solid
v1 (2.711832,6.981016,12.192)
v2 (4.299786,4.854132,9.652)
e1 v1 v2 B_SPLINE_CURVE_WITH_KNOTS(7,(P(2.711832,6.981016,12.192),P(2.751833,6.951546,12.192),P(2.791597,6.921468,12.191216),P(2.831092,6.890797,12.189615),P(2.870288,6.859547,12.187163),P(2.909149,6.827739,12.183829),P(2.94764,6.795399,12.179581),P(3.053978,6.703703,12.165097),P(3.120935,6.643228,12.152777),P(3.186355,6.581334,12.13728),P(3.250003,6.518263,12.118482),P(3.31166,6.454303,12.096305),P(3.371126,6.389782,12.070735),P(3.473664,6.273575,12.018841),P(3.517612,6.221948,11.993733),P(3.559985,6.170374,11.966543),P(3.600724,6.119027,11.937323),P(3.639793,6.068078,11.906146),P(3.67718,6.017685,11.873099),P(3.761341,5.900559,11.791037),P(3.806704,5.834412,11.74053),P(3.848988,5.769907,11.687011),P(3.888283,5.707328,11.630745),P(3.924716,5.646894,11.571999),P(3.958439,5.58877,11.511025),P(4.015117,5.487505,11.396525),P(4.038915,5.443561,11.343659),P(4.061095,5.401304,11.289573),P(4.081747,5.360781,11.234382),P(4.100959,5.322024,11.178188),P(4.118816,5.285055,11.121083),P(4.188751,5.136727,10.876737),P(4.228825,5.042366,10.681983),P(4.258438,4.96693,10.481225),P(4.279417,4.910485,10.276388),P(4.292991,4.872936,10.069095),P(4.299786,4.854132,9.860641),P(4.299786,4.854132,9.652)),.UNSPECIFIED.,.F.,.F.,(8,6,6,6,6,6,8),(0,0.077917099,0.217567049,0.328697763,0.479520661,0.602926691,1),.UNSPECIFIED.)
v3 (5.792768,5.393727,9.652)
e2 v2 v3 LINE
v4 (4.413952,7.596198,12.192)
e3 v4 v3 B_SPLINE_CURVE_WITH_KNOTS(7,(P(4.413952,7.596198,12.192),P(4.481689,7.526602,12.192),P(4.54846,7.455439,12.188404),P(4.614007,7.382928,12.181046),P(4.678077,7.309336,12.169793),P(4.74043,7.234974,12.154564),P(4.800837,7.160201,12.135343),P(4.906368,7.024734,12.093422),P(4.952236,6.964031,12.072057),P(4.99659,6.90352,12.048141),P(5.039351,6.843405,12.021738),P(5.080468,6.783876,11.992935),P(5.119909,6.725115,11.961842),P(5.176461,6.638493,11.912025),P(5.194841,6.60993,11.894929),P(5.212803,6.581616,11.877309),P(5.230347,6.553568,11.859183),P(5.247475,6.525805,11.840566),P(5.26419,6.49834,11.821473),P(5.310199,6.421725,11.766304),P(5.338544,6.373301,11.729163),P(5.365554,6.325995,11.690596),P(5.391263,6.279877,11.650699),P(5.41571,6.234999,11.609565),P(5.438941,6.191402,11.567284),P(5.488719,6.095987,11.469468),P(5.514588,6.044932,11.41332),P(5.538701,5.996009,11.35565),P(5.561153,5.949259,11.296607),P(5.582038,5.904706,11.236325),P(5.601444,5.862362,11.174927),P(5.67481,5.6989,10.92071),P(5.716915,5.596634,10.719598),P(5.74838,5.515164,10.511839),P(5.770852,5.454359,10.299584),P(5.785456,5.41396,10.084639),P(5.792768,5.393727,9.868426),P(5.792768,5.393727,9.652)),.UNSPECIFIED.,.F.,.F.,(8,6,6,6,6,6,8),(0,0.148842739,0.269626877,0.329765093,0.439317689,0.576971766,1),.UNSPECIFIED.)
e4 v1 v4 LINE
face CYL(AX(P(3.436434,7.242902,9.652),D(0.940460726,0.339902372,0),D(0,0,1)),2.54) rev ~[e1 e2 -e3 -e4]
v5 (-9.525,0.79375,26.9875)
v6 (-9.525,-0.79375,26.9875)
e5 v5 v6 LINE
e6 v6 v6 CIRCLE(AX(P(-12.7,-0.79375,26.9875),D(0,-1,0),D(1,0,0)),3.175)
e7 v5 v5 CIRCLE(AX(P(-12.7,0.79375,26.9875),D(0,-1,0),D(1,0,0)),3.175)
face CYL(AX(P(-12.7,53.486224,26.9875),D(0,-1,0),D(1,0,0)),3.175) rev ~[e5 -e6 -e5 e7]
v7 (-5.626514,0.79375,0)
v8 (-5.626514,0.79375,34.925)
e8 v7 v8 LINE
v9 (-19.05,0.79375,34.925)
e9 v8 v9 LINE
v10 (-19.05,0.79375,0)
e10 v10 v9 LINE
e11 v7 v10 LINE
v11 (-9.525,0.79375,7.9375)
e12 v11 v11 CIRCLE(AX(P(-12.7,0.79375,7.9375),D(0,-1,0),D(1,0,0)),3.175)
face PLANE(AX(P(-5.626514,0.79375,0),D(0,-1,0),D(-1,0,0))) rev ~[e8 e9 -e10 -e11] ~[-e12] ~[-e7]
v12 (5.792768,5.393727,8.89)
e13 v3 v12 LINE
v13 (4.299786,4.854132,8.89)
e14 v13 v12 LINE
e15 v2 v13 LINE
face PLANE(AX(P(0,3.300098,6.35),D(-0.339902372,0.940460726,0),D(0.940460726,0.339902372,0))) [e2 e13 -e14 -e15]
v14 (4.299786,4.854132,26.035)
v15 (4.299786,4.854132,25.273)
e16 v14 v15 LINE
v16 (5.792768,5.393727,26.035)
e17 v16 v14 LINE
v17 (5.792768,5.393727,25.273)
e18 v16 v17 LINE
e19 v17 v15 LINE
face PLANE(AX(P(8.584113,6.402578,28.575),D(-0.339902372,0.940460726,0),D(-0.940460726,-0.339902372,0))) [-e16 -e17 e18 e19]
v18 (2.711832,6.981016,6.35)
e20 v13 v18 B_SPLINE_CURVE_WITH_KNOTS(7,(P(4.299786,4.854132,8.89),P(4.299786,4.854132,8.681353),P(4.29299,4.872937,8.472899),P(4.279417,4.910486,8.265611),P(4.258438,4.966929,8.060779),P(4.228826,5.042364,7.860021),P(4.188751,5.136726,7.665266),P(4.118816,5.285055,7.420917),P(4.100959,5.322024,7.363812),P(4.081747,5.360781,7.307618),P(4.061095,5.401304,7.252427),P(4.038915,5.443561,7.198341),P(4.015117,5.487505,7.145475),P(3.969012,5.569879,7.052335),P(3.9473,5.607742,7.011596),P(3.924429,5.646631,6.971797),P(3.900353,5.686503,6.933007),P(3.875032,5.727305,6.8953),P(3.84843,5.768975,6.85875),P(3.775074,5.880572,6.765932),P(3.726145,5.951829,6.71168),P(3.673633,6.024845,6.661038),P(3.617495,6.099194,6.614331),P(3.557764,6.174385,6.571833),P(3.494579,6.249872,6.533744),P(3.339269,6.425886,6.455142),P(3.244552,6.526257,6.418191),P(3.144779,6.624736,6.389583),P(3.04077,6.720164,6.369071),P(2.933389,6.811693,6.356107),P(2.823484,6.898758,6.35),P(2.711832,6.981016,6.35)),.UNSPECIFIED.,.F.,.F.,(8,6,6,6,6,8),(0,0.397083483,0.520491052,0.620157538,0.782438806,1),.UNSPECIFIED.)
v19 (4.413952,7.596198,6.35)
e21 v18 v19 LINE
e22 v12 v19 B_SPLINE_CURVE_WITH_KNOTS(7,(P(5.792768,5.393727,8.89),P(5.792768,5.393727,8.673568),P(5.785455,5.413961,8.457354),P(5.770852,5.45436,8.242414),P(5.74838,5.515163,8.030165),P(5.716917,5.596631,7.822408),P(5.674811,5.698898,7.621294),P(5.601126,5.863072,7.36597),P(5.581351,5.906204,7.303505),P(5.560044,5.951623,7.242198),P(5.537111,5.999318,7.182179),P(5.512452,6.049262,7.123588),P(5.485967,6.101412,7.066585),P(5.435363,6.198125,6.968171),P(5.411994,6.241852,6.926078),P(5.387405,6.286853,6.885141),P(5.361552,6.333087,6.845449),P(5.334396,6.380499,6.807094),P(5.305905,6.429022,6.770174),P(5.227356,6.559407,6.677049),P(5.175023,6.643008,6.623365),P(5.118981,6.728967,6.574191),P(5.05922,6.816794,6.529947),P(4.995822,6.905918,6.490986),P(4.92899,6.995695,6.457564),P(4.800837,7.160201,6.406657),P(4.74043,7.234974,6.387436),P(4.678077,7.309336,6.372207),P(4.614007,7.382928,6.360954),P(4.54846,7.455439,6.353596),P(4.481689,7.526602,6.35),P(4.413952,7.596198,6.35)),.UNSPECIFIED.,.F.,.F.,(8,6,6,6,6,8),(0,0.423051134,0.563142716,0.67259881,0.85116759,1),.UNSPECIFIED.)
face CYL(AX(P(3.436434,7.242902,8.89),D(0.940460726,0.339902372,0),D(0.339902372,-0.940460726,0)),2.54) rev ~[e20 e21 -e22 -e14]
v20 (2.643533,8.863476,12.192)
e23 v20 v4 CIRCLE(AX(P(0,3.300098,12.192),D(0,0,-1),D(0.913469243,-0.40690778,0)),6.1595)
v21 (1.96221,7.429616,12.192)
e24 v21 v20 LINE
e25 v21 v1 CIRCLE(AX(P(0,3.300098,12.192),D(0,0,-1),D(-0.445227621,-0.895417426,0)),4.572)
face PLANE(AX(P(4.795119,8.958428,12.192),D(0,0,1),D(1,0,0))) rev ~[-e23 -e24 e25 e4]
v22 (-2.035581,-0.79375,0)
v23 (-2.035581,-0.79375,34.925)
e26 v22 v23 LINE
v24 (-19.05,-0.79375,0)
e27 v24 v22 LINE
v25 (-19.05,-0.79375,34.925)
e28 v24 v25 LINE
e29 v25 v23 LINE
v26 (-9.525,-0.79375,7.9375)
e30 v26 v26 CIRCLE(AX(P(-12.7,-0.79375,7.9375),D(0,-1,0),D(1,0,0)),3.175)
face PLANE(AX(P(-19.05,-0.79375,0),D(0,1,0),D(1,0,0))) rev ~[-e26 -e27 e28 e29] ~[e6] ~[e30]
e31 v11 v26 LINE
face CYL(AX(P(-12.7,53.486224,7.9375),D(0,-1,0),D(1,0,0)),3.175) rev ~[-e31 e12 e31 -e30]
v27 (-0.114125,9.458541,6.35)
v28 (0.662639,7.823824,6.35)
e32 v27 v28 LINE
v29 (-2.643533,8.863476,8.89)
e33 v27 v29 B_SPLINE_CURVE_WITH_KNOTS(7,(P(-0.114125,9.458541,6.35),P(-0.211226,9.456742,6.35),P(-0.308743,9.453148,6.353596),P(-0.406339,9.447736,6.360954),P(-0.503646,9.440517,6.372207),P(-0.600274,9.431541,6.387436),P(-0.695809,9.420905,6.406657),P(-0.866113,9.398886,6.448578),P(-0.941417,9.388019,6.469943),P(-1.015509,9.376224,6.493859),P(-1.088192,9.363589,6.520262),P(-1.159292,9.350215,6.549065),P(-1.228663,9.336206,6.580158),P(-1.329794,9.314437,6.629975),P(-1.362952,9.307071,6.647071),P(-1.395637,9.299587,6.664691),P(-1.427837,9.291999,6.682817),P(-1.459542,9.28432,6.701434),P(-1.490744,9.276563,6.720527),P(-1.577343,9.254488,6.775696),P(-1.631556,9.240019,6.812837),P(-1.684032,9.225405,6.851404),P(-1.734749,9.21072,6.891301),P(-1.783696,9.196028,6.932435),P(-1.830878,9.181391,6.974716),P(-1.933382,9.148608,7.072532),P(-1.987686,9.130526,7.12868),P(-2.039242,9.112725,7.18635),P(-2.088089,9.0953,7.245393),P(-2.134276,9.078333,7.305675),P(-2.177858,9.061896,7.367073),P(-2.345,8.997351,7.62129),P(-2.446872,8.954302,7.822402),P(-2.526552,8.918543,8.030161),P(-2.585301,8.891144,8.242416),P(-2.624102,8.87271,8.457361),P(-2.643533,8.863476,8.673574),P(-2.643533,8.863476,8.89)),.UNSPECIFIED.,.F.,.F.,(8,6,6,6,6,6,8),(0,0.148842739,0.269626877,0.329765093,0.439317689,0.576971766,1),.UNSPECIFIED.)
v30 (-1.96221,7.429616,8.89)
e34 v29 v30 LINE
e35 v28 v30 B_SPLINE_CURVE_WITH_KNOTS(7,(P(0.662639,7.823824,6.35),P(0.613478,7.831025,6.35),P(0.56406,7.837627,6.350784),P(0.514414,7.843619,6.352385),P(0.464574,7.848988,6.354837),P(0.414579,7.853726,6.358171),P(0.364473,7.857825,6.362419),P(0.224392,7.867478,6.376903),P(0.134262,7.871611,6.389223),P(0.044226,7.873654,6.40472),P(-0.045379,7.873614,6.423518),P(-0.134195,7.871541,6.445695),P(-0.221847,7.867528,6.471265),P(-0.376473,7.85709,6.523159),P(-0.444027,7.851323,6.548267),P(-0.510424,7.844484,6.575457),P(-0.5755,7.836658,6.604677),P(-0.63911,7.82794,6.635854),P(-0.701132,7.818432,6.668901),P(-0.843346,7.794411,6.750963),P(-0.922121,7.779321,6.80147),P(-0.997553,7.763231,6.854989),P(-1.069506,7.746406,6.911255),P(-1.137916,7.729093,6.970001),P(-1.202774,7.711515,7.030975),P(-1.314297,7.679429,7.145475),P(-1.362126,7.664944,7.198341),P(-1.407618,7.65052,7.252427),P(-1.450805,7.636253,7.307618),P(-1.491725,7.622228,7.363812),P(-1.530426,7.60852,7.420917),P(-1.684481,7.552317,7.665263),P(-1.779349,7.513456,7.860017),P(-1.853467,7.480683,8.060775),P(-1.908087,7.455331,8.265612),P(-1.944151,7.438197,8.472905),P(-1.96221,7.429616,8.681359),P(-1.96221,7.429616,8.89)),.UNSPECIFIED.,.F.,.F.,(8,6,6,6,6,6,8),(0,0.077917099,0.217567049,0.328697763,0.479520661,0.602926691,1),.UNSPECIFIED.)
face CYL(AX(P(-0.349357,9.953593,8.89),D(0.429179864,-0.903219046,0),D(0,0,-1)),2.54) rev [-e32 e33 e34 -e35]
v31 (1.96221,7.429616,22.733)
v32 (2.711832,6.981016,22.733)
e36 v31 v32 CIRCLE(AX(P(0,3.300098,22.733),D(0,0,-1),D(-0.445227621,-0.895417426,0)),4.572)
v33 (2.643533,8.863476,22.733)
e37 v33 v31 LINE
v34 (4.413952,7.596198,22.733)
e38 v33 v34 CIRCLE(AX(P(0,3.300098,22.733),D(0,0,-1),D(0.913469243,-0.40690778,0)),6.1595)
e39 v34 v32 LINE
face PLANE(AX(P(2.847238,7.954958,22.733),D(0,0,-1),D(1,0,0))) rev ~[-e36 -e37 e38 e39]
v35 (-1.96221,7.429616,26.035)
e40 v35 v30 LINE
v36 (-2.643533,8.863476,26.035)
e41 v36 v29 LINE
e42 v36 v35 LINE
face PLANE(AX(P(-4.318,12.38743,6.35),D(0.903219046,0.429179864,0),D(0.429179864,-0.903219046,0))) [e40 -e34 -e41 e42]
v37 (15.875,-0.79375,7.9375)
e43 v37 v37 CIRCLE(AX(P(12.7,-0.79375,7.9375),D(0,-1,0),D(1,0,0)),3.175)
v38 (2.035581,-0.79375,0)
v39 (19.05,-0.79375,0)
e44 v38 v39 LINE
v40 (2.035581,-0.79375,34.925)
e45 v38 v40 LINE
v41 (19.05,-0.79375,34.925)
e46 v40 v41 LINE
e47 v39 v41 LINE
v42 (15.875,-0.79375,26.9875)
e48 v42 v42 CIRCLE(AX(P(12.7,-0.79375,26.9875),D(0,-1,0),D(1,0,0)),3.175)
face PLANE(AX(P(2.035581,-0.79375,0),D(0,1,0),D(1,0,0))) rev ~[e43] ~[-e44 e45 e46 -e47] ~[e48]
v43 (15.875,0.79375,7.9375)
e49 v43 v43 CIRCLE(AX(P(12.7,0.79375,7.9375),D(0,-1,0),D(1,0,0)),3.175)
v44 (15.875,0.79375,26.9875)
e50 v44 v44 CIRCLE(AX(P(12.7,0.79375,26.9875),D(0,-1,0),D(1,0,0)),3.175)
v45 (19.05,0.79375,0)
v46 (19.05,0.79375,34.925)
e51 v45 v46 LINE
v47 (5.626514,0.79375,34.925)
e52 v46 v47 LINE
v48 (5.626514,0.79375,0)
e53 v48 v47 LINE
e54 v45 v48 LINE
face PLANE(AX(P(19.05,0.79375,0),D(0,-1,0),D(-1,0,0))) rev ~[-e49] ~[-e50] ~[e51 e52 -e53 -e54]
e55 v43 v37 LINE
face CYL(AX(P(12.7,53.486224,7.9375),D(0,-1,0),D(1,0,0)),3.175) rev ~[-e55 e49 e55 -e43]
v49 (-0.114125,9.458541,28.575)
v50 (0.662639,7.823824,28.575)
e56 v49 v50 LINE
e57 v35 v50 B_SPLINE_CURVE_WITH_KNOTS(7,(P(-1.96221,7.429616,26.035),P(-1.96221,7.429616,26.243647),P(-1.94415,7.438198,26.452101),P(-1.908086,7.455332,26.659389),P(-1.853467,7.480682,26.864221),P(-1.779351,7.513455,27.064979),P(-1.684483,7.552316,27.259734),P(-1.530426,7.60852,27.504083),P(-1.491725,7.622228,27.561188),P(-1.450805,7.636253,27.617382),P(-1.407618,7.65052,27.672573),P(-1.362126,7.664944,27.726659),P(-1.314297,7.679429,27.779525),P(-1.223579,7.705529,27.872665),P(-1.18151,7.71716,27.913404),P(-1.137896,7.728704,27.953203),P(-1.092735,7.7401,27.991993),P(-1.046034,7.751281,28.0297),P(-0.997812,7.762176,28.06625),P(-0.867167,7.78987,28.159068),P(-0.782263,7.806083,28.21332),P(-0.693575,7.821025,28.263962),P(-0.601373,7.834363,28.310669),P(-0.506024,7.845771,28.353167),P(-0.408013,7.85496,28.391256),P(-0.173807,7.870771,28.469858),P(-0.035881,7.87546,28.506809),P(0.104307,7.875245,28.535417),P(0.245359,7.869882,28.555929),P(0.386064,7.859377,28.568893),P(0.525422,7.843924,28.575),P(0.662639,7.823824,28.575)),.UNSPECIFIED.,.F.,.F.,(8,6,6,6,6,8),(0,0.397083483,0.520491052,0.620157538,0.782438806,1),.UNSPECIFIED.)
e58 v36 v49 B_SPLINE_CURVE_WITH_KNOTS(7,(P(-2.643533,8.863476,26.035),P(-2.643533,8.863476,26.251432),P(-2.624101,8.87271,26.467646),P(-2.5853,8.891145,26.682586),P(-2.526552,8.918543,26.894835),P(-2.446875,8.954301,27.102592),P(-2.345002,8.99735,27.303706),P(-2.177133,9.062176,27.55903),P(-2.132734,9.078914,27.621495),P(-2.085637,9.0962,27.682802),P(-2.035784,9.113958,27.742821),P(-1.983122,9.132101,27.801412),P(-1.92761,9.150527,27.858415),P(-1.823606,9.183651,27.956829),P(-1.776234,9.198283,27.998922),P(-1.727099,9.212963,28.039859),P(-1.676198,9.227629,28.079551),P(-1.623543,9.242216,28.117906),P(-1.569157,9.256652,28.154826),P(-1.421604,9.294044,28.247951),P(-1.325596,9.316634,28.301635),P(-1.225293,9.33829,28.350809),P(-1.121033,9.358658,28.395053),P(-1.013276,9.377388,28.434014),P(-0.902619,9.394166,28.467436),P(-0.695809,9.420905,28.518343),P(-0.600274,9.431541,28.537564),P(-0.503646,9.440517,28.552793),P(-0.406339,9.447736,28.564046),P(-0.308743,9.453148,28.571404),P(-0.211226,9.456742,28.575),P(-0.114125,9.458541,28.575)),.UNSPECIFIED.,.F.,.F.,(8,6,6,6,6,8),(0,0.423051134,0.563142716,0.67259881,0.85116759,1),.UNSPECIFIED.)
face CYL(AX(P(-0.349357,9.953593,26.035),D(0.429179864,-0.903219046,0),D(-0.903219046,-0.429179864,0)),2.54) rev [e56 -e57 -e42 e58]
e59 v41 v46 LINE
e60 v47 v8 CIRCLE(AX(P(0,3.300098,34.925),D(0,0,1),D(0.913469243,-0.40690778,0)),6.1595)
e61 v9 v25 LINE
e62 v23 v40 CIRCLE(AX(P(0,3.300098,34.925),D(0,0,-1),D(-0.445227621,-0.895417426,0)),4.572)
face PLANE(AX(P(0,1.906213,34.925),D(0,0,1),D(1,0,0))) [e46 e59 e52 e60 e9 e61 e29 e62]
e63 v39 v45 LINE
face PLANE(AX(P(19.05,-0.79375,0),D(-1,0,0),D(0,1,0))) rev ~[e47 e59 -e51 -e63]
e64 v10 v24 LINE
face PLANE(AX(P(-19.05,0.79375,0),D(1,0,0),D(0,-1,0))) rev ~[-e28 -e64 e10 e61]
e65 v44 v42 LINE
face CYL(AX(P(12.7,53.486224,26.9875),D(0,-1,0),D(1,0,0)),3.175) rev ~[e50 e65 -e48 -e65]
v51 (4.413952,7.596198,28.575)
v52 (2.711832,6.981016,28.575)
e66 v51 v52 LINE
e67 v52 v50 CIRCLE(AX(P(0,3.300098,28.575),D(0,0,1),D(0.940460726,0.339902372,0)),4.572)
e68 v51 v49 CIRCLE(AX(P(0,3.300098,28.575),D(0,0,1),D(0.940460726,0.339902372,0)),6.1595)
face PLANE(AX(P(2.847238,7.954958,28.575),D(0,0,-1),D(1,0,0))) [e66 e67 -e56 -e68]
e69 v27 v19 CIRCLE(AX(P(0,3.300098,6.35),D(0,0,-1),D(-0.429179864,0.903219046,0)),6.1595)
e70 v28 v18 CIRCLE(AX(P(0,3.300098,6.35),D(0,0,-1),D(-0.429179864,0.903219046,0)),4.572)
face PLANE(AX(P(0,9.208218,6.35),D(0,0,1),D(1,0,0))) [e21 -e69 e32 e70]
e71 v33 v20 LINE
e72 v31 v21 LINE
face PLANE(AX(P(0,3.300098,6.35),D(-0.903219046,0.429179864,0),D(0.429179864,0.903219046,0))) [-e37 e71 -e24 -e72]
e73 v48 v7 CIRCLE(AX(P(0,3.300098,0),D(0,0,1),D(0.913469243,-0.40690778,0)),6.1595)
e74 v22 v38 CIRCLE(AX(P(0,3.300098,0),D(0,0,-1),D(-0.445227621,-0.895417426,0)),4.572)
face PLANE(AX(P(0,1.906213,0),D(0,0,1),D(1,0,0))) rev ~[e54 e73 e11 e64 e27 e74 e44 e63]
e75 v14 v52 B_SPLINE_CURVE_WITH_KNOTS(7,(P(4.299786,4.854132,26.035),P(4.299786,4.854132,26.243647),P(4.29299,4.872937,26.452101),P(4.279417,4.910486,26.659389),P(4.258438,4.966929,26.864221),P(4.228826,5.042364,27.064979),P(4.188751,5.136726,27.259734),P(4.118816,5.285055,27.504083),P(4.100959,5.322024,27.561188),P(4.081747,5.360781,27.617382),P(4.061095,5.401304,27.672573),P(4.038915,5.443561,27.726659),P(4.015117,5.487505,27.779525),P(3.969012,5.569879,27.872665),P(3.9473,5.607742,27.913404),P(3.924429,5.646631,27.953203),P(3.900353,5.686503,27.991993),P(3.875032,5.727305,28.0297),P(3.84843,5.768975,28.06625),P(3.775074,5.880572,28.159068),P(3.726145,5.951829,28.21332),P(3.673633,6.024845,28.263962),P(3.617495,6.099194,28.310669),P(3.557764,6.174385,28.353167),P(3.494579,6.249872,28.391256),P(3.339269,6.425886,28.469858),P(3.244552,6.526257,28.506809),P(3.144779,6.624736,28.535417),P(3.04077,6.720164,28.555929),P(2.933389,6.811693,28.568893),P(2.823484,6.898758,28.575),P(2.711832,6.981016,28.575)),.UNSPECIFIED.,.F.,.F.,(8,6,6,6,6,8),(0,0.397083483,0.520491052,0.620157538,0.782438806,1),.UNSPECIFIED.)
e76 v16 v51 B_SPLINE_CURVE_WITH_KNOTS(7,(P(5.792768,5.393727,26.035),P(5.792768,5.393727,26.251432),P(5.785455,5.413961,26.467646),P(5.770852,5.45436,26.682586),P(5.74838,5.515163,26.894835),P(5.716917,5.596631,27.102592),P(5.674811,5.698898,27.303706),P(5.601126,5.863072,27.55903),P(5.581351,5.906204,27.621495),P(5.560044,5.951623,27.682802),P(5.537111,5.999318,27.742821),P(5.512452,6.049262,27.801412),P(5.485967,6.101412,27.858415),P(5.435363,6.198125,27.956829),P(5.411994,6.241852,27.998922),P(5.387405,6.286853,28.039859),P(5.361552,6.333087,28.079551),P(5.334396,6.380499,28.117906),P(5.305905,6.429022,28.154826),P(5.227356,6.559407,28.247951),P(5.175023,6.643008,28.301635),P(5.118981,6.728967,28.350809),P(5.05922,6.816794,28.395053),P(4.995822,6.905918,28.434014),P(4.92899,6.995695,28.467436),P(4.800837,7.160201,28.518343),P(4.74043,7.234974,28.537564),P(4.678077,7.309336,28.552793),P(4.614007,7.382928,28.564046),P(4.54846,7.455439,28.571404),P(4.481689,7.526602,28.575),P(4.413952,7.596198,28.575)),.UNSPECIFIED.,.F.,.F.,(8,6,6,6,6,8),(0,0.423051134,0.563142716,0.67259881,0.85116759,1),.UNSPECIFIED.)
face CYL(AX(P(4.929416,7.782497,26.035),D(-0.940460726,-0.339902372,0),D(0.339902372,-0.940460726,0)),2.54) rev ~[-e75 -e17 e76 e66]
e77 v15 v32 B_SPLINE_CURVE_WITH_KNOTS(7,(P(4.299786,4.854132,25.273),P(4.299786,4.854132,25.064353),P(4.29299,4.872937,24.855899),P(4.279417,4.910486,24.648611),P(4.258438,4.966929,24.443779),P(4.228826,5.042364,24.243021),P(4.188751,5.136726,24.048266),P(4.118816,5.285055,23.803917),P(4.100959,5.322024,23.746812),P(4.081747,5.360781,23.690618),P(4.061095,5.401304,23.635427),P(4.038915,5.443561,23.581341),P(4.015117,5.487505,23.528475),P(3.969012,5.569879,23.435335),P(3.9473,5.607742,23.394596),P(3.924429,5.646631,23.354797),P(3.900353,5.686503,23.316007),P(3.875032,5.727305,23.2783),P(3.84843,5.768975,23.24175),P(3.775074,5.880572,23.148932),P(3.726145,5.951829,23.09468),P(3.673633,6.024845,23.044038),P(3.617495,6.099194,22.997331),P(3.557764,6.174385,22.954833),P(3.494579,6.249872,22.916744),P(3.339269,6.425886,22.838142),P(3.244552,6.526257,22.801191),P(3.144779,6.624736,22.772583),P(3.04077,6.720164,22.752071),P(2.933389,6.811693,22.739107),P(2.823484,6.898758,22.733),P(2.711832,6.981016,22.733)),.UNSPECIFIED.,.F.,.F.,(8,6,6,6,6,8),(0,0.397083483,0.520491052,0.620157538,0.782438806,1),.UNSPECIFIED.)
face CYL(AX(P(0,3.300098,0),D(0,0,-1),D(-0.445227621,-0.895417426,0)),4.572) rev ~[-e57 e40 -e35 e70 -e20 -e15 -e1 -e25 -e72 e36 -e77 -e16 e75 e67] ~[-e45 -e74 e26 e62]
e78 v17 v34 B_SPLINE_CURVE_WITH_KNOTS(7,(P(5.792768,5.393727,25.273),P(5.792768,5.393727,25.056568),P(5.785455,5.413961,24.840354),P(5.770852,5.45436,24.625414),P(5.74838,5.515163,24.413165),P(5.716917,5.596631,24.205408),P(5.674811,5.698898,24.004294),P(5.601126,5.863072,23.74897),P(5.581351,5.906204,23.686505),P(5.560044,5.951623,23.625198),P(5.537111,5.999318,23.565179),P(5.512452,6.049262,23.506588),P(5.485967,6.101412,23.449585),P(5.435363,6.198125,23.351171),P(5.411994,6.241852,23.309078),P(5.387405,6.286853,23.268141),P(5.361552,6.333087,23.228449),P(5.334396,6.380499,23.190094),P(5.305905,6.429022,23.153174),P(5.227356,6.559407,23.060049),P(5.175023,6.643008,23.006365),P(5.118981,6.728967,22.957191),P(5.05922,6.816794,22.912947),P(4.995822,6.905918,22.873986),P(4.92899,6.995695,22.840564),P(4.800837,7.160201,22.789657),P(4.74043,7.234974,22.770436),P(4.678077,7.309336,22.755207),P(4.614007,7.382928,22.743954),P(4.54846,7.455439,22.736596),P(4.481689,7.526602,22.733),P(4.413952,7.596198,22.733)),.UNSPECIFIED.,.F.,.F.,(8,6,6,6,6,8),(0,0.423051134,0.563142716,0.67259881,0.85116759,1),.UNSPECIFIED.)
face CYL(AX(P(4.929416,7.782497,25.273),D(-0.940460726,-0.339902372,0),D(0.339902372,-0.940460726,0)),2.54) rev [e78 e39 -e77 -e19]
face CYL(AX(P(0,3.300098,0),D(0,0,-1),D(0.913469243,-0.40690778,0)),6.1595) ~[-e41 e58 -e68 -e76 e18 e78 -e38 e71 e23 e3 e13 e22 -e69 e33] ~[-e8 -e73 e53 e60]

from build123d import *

# Parameters (mm, degrees)
F1_DEPTH  = 34.925
F3_D      = 6.35
F6_DEPTH  = 22.225
F8_DEPTH  = 5.842
F10_DEPTH = 5.842
F11_R     = 2.54


with BuildPart() as f1:
    # F0 (on Top) → F1 (new body)
    with BuildSketch(Plane.XY):
        with BuildLine():
            Line((-5.6265138051, 0.79375), (-19.05, 0.79375))
            Line((-19.05, 0.79375), (-19.05, -0.79375))
            Line((-19.05, -0.79375), (-2.035580681, -0.79375))
            ThreePointArc((-2.035580681, -0.79375), (0, 7.8720984695), (2.035580681, -0.79375))
            Line((2.035580681, -0.79375), (19.05, -0.79375))
            Line((19.05, -0.79375), (19.05, 0.79375))
            Line((19.05, 0.79375), (5.6265138051, 0.79375))
            ThreePointArc((5.6265138051, 0.79375), (0, 9.4595984695), (-5.6265138051, 0.79375))
        make_face()
    extrude(amount=F1_DEPTH)

    # F3 (through all)
    with Locations(Plane(origin=(0, 0.79375, 0), x_dir=(-1, 0, 0), z_dir=(0, 1, 0))):
        with Locations((12.7, 7.9375), (12.7, 26.9875), (-12.7, 26.9875), (-12.7, 7.9375)):
            Hole(F3_D / 2)

    # F5 (on offset) → F6 (cut)
    with BuildSketch(Plane.XY.offset(6.35)):
        Polygon((-4.318, 12.3874302953), (0, 3.3000984695), (4.318, 12.3874302953), align=None)
    extrude(amount=F6_DEPTH, mode=Mode.SUBTRACT)

    # F7 (on offset) → F8 (cut)
    with BuildSketch(Plane.XY.offset(6.35)):
        Polygon((0, 15.2833266184), (0, 3.3000984695), (13.4768653661, 8.1709222868), align=None)
    extrude(amount=F8_DEPTH, mode=Mode.SUBTRACT)

    # F9 (on face) → F10 (cut)
    with BuildSketch(Plane(origin=(0, 0, 28.575), x_dir=(1, 0, 0), z_dir=(0, 0, -1))):
        Polygon((8.5841133563, -6.4025783601), (0, -3.3000984695), (0, -13.6242890731), align=None)
    extrude(amount=F10_DEPTH, mode=Mode.SUBTRACT)

    # F11
    f11_edges = [f1.edges().sort_by_distance(p)[0] for p in [
        (-2.302872, 8.146546, 28.575),
        (-2.302872, 8.146546, 6.35),
        (5.046277, 5.12393, 6.35),
        (5.046277, 5.12393, 12.192),
        (5.046277, 5.12393, 22.733),
        (5.046277, 5.12393, 28.575),
    ]]
    fillet(f11_edges, radius=F11_R)


solid = f1.part
